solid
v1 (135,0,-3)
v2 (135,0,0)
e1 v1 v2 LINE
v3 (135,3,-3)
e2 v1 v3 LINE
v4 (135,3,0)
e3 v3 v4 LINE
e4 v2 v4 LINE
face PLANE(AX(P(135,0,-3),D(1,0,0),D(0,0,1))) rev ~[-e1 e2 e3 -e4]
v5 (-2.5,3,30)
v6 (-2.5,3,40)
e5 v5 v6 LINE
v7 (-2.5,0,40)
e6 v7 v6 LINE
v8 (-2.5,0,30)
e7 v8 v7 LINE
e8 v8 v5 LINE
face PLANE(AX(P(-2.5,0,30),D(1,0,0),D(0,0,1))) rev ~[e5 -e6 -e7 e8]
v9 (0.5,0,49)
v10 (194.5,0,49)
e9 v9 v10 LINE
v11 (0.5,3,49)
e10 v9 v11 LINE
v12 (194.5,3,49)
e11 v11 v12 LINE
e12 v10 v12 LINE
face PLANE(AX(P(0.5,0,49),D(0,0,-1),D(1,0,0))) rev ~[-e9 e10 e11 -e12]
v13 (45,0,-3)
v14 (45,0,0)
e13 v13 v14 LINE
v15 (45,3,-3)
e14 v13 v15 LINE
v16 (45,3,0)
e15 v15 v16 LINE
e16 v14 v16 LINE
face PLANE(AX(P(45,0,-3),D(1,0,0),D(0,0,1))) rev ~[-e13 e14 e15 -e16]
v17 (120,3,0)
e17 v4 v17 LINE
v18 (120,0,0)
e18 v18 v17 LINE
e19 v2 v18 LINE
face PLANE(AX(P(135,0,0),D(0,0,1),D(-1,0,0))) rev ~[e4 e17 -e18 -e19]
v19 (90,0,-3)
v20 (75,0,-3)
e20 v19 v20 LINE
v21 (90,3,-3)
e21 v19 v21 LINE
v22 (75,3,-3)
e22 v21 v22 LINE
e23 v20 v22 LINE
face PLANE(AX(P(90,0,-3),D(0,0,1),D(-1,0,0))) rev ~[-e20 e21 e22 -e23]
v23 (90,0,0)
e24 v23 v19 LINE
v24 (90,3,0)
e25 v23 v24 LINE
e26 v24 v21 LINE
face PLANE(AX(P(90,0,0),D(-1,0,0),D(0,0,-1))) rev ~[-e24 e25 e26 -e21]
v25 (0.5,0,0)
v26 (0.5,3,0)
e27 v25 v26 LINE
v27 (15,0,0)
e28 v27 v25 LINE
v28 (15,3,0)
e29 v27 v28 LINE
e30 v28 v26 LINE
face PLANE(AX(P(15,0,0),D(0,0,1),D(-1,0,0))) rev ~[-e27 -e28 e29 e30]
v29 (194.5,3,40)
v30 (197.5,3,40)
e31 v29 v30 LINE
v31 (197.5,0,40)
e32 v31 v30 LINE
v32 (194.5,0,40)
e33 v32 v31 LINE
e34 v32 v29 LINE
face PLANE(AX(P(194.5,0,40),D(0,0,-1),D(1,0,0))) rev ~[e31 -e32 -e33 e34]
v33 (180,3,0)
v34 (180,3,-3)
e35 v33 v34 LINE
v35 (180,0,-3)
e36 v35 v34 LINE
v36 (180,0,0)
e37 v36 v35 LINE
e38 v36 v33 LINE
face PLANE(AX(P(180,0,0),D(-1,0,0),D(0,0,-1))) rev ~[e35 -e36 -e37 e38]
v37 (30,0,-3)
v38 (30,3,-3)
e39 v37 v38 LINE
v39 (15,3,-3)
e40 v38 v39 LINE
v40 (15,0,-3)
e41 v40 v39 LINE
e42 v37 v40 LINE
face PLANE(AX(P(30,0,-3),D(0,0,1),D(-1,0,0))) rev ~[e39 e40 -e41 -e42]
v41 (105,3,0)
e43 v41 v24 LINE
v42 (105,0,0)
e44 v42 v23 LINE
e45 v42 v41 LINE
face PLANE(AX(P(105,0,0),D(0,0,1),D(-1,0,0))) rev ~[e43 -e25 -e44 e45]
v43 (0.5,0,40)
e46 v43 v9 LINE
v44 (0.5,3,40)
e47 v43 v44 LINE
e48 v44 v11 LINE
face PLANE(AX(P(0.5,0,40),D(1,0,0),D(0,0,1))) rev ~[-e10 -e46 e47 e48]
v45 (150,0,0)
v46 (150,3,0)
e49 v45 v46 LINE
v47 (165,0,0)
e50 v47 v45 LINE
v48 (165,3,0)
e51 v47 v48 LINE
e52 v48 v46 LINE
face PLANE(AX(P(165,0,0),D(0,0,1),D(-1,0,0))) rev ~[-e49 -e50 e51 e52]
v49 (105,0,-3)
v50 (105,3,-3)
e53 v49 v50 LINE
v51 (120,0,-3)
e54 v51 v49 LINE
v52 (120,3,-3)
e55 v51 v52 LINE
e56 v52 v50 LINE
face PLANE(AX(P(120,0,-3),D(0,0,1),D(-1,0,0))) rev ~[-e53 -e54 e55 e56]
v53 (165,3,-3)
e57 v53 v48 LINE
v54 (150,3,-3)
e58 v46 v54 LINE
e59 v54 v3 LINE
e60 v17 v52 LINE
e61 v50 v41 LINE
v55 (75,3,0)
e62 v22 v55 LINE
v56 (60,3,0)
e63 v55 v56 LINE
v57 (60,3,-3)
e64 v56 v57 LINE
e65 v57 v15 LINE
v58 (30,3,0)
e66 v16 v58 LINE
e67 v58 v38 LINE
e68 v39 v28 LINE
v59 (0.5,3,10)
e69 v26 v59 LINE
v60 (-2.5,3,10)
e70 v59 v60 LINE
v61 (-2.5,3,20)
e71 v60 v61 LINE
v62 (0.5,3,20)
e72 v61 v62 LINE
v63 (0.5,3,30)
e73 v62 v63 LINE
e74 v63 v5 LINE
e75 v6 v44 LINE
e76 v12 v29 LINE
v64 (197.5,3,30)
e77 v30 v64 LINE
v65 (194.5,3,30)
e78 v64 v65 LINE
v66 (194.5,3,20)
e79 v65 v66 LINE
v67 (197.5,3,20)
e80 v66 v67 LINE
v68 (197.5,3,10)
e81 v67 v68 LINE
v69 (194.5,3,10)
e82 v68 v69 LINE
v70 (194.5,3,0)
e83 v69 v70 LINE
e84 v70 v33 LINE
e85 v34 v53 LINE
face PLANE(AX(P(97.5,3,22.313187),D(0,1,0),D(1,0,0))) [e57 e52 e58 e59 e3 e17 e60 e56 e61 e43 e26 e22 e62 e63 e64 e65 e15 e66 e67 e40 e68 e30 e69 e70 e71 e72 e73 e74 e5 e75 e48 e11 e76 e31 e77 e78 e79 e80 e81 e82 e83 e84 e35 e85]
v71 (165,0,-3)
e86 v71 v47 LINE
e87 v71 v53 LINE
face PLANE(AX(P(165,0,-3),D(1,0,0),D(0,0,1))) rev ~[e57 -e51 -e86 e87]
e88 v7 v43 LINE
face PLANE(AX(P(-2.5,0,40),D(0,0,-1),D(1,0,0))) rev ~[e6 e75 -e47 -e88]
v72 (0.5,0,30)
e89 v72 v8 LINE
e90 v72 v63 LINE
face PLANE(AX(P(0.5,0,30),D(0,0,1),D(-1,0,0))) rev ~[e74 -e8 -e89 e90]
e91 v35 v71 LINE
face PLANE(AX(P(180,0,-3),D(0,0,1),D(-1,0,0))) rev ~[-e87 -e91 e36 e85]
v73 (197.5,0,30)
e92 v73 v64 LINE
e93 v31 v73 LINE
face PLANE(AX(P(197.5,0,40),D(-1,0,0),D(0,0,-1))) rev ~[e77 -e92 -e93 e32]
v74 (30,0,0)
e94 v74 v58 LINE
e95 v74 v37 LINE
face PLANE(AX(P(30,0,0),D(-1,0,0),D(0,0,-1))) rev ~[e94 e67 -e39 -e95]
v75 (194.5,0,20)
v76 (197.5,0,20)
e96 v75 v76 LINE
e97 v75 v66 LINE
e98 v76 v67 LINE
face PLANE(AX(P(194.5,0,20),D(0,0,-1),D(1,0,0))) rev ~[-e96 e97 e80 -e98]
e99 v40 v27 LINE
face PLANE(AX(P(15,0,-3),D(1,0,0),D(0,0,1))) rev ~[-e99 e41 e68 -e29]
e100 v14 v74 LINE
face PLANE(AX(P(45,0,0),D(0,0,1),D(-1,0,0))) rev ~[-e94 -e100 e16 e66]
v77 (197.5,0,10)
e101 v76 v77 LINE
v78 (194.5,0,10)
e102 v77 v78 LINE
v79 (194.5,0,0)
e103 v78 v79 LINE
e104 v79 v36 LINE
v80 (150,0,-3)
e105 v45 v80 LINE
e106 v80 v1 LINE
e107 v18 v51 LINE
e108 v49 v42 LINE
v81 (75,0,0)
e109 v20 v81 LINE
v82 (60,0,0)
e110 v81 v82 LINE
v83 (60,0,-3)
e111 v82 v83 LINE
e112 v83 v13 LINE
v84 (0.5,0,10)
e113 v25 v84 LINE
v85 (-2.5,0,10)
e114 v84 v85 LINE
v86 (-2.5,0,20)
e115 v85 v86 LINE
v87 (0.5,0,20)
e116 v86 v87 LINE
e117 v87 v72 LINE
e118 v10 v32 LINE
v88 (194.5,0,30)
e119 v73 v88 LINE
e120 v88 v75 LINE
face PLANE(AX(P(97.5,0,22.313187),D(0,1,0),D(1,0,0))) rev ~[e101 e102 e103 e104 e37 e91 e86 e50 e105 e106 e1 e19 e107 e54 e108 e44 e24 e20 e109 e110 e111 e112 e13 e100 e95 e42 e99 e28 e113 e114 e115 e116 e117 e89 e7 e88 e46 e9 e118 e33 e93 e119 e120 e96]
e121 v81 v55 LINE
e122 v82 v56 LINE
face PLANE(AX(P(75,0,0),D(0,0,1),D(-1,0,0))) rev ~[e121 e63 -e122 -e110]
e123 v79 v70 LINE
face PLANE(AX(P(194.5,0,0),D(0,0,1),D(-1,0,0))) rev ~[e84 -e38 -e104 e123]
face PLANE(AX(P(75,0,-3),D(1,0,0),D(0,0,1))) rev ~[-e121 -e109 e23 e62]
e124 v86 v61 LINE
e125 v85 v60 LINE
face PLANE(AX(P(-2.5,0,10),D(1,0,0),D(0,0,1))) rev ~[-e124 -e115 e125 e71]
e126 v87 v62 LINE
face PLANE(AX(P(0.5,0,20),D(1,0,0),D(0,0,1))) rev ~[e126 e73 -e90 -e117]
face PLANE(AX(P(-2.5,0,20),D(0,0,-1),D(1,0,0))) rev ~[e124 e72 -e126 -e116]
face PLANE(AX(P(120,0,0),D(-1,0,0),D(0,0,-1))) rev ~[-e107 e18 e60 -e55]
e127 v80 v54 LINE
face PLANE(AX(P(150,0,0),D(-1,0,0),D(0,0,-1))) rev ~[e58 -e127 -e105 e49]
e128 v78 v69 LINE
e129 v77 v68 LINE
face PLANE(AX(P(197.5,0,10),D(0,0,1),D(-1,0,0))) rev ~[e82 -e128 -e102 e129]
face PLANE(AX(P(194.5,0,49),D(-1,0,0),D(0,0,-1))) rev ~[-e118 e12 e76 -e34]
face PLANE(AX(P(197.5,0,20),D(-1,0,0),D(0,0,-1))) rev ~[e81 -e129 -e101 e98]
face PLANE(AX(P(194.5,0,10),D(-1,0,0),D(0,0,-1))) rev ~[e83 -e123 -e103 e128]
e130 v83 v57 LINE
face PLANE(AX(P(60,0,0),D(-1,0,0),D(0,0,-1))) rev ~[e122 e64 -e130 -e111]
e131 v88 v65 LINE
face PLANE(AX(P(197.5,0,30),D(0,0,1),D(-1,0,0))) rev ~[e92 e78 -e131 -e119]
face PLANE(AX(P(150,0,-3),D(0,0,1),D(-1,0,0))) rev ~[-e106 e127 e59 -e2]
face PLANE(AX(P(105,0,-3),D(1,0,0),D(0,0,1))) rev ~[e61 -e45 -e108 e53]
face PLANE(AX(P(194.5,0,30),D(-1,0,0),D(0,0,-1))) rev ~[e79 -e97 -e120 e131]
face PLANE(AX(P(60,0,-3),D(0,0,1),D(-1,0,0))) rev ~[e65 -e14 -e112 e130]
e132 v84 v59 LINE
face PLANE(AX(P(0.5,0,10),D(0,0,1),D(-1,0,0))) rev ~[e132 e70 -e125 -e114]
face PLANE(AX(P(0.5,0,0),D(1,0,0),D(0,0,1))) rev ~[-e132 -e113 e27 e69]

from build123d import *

# Parameters (mm, degrees)
BOSS_EXTRUDE1_DEPTH = 3


with BuildPart() as part:
    # Sketch1 → Boss-Extrude1 (new body)
    with BuildSketch(Plane(origin=(0, 0, 0), x_dir=(1, 0, 0), z_dir=(0, 1, 0))):
        Polygon((15, 0), (0.5, 0), (0.5, -10), (-2.5, -10), (-2.5, -20), (0.5, -20), (0.5, -30), (-2.5, -30), (-2.5, -40), (0.5, -40), (0.5, -49), (194.5, -49), (194.5, -40), (197.5, -40), (197.5, -30), (194.5, -30), (194.5, -20), (197.5, -20), (197.5, -10), (194.5, -10), (194.5, 0), (180, 0), (180, 3), (165, 3), (165, 0), (150, 0), (150, 3), (135, 3), (135, 0), (120, 0), (120, 3), (105, 3), (105, 0), (90, 0), (90, 3), (75, 3), (75, 0), (60, 0), (60, 3), (45, 3), (45, 0), (30, 0), (30, 3), (15, 3), align=None)
    extrude(amount=BOSS_EXTRUDE1_DEPTH)


solid = part.part
